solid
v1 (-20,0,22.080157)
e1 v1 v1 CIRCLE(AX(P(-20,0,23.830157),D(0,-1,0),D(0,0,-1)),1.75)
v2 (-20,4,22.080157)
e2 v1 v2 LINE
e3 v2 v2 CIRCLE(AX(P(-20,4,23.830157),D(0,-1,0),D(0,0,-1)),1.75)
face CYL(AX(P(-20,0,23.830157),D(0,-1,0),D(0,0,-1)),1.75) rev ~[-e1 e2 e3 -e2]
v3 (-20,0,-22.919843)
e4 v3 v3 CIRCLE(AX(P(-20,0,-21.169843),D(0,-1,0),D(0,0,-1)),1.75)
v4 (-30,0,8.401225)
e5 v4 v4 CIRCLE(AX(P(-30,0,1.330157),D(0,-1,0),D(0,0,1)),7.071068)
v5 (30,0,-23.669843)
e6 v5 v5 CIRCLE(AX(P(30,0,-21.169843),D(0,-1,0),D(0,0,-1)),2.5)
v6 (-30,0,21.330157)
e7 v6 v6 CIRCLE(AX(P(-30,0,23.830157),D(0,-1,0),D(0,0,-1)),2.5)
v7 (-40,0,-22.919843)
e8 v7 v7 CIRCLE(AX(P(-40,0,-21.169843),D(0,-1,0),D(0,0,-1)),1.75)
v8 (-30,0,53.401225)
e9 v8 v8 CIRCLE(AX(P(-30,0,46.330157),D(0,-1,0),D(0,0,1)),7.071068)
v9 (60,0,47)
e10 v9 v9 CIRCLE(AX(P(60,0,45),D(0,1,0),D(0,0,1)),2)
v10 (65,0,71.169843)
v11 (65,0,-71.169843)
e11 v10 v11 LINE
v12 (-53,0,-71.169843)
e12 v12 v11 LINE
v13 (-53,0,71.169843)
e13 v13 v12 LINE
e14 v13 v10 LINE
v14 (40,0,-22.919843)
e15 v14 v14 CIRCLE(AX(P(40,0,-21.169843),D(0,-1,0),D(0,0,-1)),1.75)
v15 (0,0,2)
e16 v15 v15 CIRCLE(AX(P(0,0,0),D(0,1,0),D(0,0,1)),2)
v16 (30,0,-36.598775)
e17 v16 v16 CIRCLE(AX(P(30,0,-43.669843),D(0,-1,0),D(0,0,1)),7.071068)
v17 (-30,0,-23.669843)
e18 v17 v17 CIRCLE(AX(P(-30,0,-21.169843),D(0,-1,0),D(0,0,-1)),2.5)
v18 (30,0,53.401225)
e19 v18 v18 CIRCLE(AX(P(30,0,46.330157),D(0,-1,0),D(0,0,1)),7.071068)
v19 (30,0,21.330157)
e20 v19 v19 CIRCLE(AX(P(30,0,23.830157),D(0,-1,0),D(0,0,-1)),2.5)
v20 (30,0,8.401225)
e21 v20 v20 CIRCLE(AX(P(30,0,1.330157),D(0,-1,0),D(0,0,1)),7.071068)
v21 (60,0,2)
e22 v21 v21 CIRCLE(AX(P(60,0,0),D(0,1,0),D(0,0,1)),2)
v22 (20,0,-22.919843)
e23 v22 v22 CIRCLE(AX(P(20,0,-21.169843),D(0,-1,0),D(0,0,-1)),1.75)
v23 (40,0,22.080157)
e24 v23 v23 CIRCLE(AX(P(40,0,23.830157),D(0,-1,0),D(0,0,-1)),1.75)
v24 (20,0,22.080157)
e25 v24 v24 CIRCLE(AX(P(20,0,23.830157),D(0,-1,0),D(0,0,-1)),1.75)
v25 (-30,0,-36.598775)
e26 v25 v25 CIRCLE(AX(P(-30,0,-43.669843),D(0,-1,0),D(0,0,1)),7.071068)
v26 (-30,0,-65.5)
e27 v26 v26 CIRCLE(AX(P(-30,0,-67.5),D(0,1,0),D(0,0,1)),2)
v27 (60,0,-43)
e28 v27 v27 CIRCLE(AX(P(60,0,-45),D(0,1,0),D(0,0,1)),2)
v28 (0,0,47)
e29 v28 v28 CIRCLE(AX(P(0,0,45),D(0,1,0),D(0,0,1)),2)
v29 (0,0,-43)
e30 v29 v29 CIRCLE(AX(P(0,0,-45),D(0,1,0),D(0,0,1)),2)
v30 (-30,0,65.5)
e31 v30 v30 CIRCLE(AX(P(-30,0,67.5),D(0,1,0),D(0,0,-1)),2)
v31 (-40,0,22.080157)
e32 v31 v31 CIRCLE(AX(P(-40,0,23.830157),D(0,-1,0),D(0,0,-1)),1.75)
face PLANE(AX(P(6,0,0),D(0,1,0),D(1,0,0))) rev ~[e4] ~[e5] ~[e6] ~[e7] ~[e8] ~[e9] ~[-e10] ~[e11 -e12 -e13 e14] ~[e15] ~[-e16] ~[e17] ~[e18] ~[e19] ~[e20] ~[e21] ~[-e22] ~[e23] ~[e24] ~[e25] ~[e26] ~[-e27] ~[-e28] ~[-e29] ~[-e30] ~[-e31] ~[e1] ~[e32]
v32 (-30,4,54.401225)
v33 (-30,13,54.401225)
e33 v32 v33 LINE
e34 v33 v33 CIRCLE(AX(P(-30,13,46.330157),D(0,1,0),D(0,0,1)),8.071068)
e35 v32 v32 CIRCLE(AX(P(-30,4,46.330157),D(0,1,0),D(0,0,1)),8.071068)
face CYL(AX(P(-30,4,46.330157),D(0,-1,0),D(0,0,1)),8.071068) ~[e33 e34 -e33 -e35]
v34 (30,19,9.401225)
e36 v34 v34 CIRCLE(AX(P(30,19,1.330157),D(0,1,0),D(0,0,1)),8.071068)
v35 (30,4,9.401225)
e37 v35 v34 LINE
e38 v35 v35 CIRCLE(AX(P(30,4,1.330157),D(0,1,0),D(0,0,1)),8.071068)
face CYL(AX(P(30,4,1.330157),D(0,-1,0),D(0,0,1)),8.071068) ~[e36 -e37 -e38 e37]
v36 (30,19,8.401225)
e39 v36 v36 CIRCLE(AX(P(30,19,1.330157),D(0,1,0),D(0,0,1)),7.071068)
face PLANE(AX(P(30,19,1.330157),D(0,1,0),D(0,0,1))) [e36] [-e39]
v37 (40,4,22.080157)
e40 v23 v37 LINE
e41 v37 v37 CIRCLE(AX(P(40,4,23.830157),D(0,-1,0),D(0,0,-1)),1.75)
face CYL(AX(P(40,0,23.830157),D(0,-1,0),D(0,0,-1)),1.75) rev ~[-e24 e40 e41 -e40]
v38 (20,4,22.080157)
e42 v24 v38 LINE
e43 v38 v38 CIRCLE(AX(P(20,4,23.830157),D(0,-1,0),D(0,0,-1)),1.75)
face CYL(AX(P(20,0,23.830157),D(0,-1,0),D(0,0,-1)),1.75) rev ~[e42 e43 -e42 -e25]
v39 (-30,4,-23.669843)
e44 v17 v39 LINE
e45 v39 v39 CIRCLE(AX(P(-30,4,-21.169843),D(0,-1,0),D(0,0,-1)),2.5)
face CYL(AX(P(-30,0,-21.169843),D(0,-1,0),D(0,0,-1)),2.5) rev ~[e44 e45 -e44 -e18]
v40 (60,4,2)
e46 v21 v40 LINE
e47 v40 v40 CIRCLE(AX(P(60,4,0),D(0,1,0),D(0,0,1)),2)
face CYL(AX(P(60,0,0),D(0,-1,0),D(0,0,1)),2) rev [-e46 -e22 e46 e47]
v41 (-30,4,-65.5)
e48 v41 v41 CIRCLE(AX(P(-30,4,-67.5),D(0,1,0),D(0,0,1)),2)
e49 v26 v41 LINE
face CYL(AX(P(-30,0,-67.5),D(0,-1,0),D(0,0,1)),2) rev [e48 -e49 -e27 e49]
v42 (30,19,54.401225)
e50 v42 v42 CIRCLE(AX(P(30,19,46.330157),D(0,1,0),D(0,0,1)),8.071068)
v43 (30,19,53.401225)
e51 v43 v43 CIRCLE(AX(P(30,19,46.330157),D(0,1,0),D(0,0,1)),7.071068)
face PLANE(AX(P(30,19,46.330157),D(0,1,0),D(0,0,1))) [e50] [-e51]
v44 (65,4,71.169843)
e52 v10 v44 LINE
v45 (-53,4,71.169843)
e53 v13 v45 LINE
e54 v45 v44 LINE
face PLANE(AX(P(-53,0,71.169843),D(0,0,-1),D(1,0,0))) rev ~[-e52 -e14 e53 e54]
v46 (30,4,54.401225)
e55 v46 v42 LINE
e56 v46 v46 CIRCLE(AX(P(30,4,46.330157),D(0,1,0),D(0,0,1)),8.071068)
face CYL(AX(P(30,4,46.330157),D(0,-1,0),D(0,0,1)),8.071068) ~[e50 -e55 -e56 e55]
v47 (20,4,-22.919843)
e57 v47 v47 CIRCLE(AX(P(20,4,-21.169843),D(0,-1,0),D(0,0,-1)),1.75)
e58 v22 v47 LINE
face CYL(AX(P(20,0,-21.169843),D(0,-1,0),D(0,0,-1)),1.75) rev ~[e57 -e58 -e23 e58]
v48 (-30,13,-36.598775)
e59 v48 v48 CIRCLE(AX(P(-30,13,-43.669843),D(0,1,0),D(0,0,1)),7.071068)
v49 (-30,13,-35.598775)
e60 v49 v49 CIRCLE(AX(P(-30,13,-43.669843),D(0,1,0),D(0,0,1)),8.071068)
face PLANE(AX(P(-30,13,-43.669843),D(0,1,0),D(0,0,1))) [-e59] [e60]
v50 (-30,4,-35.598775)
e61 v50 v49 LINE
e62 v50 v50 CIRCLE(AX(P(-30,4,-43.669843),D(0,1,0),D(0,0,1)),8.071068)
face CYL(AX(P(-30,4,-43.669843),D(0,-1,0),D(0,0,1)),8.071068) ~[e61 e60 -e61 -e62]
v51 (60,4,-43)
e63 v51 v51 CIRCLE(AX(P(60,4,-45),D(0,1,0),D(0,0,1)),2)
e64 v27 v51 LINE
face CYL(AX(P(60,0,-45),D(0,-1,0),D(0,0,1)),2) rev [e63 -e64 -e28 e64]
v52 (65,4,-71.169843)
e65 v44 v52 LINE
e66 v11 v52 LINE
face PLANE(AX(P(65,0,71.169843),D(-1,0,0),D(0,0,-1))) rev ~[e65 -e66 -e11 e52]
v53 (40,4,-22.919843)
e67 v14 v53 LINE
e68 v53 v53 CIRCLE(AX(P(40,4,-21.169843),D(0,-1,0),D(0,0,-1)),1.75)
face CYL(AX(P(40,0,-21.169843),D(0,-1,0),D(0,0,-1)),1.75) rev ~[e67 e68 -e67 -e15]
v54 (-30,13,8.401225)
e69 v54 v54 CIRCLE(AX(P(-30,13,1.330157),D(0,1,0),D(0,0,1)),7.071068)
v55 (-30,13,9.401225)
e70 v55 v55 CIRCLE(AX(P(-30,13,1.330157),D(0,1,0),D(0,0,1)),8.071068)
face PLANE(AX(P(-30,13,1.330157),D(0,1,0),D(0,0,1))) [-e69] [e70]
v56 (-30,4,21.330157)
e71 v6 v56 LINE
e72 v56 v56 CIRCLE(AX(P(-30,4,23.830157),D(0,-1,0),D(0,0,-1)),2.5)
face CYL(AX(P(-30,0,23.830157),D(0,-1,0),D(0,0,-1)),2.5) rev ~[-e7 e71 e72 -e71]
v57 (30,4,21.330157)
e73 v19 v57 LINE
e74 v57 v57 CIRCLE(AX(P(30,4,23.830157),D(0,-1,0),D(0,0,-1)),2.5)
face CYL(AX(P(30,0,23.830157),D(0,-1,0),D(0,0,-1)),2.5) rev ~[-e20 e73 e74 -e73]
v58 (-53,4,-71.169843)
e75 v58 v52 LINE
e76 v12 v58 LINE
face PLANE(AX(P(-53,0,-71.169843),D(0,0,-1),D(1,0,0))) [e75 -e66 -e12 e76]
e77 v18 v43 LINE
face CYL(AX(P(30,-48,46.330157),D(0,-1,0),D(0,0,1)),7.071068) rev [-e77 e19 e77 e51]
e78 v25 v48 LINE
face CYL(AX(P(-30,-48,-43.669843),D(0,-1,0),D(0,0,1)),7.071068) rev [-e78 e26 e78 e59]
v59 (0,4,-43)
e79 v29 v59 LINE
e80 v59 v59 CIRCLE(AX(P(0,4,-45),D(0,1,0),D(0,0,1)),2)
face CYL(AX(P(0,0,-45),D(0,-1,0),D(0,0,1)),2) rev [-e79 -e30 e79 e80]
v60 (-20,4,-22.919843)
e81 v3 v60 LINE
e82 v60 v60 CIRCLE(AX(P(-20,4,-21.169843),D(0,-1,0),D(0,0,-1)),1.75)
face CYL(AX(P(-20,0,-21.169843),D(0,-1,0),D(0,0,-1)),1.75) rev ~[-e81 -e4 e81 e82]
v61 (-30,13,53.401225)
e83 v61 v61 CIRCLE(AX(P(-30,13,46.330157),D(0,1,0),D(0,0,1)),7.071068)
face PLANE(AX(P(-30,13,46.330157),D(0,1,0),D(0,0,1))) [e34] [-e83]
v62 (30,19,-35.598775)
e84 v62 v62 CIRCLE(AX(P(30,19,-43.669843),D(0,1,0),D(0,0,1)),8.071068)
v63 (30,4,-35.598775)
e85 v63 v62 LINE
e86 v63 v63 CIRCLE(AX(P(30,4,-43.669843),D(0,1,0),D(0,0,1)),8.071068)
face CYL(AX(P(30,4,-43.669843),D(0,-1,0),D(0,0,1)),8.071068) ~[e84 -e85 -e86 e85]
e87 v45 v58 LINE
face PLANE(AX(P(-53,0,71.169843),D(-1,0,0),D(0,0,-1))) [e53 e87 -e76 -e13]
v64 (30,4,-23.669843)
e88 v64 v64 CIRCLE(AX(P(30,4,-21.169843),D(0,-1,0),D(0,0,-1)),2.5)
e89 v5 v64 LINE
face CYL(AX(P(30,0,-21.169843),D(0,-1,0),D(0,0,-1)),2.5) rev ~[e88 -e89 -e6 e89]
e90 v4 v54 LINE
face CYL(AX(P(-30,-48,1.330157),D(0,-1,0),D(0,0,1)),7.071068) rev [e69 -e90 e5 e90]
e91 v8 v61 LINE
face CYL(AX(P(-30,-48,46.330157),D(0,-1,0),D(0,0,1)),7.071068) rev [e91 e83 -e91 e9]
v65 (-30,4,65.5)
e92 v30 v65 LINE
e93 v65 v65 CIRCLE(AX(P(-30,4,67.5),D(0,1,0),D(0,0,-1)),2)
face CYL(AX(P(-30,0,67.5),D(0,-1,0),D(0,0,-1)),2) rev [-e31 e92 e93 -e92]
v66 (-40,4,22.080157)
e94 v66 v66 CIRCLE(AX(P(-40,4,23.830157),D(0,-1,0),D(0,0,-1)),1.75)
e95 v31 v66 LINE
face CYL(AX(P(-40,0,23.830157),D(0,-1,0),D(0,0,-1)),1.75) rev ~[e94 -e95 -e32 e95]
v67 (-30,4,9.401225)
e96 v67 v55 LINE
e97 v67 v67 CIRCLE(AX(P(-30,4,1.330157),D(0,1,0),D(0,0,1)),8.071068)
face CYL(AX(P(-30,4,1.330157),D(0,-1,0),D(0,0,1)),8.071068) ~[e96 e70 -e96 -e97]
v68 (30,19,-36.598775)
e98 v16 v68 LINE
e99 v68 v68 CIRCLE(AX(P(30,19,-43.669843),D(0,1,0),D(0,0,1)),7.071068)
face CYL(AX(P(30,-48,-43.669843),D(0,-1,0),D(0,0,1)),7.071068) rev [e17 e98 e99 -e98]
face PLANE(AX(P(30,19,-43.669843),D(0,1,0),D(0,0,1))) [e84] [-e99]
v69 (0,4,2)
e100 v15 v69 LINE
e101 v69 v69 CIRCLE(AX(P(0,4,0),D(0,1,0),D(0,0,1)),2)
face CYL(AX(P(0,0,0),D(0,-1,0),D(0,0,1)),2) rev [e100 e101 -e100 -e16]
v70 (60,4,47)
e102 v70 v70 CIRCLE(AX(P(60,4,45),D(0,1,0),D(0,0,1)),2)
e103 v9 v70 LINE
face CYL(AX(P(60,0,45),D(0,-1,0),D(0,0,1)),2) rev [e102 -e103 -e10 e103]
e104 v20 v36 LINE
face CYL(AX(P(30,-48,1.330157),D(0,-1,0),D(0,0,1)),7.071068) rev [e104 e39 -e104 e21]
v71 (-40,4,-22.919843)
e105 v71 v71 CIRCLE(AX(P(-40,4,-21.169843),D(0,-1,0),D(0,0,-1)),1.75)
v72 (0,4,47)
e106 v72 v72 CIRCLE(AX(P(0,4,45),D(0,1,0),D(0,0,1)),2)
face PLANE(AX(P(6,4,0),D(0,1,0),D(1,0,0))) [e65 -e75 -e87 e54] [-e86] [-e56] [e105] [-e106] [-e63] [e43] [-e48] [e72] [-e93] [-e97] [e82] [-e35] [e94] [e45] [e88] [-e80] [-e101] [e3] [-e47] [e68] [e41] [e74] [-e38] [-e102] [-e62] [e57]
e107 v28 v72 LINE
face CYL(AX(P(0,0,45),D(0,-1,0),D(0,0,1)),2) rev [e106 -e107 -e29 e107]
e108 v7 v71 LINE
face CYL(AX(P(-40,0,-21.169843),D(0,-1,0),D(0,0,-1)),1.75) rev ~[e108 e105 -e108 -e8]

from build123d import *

# Parameters (mm, degrees)
SKETCH1_W           = 118
SKETCH1_H           = 142.339686002
SKETCH1_R           = 2
BOSS_EXTRUDE1_DEPTH = 4
SKETCH2_R           = 8.071067812
SKETCH2_R_2         = 7.071067812
BOSS_EXTRUDE2_DEPTH = 9
SKETCH2_4_R         = 8.071067812
SKETCH2_4_R_2       = 7.071067812
BOSS_EXTRUDE3_DEPTH = 15
CUT_EXTRUDE1_START  = -52
SKETCH2_5_R         = 7.071067812
CUT_EXTRUDE1_DEPTH  = 52
SKETCH4_R           = 1.75
SKETCH4_R_2         = 2.5
CUT_EXTRUDE2_DEPTH  = 52


with BuildPart() as part:
    # Sketch1 → Boss-Extrude1 (new body)
    with BuildSketch(Plane(origin=(0, 0, 0), x_dir=(1, 0, 0), z_dir=(0, 1, 0))):
        with Locations((6, 0)):
            Rectangle(SKETCH1_W, SKETCH1_H)
        with Locations((0, 45)):
            Circle(SKETCH1_R, mode=Mode.SUBTRACT)
        with Locations((60, 45)):
            Circle(SKETCH1_R, mode=Mode.SUBTRACT)
        Circle(SKETCH1_R, mode=Mode.SUBTRACT)
        with Locations((60, 0)):
            Circle(SKETCH1_R, mode=Mode.SUBTRACT)
        with Locations((0, -45)):
            Circle(SKETCH1_R, mode=Mode.SUBTRACT)
        with Locations((60, -45)):
            Circle(SKETCH1_R, mode=Mode.SUBTRACT)
        with Locations((-30, 67.5)):
            Circle(SKETCH1_R, mode=Mode.SUBTRACT)
        with Locations((-30, -67.5)):
            Circle(SKETCH1_R, mode=Mode.SUBTRACT)
    extrude(amount=BOSS_EXTRUDE1_DEPTH)

    # Sketch2 → Boss-Extrude2 (add)
    # profile 1 of 3: a face of its own
    with BuildSketch(Plane(origin=(0, 4, 0), x_dir=(1, 0, 0), z_dir=(0, 1, 0))):
        with Locations((-30, 43.669843001)):
            Circle(SKETCH2_R)
        with Locations((-30, 43.669843001)):
            Circle(SKETCH2_R_2, mode=Mode.SUBTRACT)
    # profile 2 of 3: a face of its own
    with BuildSketch(Plane(origin=(0, 4, 0), x_dir=(1, 0, 0), z_dir=(0, 1, 0))):
        with Locations((-30, -1.330156999)):
            Circle(SKETCH2_R)
        with Locations((-30, -1.330156999)):
            Circle(SKETCH2_R_2, mode=Mode.SUBTRACT)
    # profile 3 of 3: a face of its own
    with BuildSketch(Plane(origin=(0, 4, 0), x_dir=(1, 0, 0), z_dir=(0, 1, 0))):
        with Locations((-30, -46.330156999)):
            Circle(SKETCH2_R)
        with Locations((-30, -46.330156999)):
            Circle(SKETCH2_R_2, mode=Mode.SUBTRACT)
    extrude(amount=BOSS_EXTRUDE2_DEPTH)

    # Sketch2<4> → Boss-Extrude3 (add)
    # profile 1 of 3: a face of its own
    with BuildSketch(Plane(origin=(0, 4, 0), x_dir=(1, 0, 0), z_dir=(0, 1, 0))):
        with Locations((30, 43.669843001)):
            Circle(SKETCH2_4_R)
        with Locations((30, 43.669843001)):
            Circle(SKETCH2_4_R_2, mode=Mode.SUBTRACT)
    # profile 2 of 3: a face of its own
    with BuildSketch(Plane(origin=(0, 4, 0), x_dir=(1, 0, 0), z_dir=(0, 1, 0))):
        with Locations((30, -1.330156999)):
            Circle(SKETCH2_4_R)
        with Locations((30, -1.330156999)):
            Circle(SKETCH2_4_R_2, mode=Mode.SUBTRACT)
    # profile 3 of 3: a face of its own
    with BuildSketch(Plane(origin=(0, 4, 0), x_dir=(1, 0, 0), z_dir=(0, 1, 0))):
        with Locations((30, -46.330156999)):
            Circle(SKETCH2_4_R)
        with Locations((30, -46.330156999)):
            Circle(SKETCH2_4_R_2, mode=Mode.SUBTRACT)
    extrude(amount=BOSS_EXTRUDE3_DEPTH)

    # Sketch2<5> → Cut-Extrude1 (cut)
    with BuildSketch(Plane(origin=(0, 4, 0), x_dir=(1, 0, 0), z_dir=(0, 1, 0)).offset(CUT_EXTRUDE1_START)):
        with Locations((-30, 43.669843001)):
            Circle(SKETCH2_5_R)
        with Locations((-30, -1.330156999)):
            Circle(SKETCH2_5_R)
        with Locations((-30, -46.330156999)):
            Circle(SKETCH2_5_R)
        with Locations((30, 43.669843001)):
            Circle(SKETCH2_5_R)
        with Locations((30, -1.330156999)):
            Circle(SKETCH2_5_R)
        with Locations((30, -46.330156999)):
            Circle(SKETCH2_5_R)
    extrude(amount=CUT_EXTRUDE1_DEPTH, mode=Mode.SUBTRACT)

    # Sketch4 → Cut-Extrude2 (cut)
    with BuildSketch(Plane.XZ):
        with Locations((40, -21.169843001)):
            Circle(SKETCH4_R)
        with Locations((20, -21.169843001)):
            Circle(SKETCH4_R)
        with Locations((30, -21.169843001)):
            Circle(SKETCH4_R_2)
        with Locations((-40, -21.169843001)):
            Circle(SKETCH4_R)
        with Locations((-30, -21.169843001)):
            Circle(SKETCH4_R_2)
        with Locations((-20, -21.169843001)):
            Circle(SKETCH4_R)
        with Locations((-40, 23.830156999)):
            Circle(SKETCH4_R)
        with Locations((-30, 23.830156999)):
            Circle(SKETCH4_R_2)
        with Locations((-20, 23.830156999)):
            Circle(SKETCH4_R)
        with Locations((20, 23.830156999)):
            Circle(SKETCH4_R)
        with Locations((30, 23.830156999)):
            Circle(SKETCH4_R_2)
        with Locations((40, 23.830156999)):
            Circle(SKETCH4_R)
    extrude(amount=-CUT_EXTRUDE2_DEPTH, mode=Mode.SUBTRACT)


solid = part.part
